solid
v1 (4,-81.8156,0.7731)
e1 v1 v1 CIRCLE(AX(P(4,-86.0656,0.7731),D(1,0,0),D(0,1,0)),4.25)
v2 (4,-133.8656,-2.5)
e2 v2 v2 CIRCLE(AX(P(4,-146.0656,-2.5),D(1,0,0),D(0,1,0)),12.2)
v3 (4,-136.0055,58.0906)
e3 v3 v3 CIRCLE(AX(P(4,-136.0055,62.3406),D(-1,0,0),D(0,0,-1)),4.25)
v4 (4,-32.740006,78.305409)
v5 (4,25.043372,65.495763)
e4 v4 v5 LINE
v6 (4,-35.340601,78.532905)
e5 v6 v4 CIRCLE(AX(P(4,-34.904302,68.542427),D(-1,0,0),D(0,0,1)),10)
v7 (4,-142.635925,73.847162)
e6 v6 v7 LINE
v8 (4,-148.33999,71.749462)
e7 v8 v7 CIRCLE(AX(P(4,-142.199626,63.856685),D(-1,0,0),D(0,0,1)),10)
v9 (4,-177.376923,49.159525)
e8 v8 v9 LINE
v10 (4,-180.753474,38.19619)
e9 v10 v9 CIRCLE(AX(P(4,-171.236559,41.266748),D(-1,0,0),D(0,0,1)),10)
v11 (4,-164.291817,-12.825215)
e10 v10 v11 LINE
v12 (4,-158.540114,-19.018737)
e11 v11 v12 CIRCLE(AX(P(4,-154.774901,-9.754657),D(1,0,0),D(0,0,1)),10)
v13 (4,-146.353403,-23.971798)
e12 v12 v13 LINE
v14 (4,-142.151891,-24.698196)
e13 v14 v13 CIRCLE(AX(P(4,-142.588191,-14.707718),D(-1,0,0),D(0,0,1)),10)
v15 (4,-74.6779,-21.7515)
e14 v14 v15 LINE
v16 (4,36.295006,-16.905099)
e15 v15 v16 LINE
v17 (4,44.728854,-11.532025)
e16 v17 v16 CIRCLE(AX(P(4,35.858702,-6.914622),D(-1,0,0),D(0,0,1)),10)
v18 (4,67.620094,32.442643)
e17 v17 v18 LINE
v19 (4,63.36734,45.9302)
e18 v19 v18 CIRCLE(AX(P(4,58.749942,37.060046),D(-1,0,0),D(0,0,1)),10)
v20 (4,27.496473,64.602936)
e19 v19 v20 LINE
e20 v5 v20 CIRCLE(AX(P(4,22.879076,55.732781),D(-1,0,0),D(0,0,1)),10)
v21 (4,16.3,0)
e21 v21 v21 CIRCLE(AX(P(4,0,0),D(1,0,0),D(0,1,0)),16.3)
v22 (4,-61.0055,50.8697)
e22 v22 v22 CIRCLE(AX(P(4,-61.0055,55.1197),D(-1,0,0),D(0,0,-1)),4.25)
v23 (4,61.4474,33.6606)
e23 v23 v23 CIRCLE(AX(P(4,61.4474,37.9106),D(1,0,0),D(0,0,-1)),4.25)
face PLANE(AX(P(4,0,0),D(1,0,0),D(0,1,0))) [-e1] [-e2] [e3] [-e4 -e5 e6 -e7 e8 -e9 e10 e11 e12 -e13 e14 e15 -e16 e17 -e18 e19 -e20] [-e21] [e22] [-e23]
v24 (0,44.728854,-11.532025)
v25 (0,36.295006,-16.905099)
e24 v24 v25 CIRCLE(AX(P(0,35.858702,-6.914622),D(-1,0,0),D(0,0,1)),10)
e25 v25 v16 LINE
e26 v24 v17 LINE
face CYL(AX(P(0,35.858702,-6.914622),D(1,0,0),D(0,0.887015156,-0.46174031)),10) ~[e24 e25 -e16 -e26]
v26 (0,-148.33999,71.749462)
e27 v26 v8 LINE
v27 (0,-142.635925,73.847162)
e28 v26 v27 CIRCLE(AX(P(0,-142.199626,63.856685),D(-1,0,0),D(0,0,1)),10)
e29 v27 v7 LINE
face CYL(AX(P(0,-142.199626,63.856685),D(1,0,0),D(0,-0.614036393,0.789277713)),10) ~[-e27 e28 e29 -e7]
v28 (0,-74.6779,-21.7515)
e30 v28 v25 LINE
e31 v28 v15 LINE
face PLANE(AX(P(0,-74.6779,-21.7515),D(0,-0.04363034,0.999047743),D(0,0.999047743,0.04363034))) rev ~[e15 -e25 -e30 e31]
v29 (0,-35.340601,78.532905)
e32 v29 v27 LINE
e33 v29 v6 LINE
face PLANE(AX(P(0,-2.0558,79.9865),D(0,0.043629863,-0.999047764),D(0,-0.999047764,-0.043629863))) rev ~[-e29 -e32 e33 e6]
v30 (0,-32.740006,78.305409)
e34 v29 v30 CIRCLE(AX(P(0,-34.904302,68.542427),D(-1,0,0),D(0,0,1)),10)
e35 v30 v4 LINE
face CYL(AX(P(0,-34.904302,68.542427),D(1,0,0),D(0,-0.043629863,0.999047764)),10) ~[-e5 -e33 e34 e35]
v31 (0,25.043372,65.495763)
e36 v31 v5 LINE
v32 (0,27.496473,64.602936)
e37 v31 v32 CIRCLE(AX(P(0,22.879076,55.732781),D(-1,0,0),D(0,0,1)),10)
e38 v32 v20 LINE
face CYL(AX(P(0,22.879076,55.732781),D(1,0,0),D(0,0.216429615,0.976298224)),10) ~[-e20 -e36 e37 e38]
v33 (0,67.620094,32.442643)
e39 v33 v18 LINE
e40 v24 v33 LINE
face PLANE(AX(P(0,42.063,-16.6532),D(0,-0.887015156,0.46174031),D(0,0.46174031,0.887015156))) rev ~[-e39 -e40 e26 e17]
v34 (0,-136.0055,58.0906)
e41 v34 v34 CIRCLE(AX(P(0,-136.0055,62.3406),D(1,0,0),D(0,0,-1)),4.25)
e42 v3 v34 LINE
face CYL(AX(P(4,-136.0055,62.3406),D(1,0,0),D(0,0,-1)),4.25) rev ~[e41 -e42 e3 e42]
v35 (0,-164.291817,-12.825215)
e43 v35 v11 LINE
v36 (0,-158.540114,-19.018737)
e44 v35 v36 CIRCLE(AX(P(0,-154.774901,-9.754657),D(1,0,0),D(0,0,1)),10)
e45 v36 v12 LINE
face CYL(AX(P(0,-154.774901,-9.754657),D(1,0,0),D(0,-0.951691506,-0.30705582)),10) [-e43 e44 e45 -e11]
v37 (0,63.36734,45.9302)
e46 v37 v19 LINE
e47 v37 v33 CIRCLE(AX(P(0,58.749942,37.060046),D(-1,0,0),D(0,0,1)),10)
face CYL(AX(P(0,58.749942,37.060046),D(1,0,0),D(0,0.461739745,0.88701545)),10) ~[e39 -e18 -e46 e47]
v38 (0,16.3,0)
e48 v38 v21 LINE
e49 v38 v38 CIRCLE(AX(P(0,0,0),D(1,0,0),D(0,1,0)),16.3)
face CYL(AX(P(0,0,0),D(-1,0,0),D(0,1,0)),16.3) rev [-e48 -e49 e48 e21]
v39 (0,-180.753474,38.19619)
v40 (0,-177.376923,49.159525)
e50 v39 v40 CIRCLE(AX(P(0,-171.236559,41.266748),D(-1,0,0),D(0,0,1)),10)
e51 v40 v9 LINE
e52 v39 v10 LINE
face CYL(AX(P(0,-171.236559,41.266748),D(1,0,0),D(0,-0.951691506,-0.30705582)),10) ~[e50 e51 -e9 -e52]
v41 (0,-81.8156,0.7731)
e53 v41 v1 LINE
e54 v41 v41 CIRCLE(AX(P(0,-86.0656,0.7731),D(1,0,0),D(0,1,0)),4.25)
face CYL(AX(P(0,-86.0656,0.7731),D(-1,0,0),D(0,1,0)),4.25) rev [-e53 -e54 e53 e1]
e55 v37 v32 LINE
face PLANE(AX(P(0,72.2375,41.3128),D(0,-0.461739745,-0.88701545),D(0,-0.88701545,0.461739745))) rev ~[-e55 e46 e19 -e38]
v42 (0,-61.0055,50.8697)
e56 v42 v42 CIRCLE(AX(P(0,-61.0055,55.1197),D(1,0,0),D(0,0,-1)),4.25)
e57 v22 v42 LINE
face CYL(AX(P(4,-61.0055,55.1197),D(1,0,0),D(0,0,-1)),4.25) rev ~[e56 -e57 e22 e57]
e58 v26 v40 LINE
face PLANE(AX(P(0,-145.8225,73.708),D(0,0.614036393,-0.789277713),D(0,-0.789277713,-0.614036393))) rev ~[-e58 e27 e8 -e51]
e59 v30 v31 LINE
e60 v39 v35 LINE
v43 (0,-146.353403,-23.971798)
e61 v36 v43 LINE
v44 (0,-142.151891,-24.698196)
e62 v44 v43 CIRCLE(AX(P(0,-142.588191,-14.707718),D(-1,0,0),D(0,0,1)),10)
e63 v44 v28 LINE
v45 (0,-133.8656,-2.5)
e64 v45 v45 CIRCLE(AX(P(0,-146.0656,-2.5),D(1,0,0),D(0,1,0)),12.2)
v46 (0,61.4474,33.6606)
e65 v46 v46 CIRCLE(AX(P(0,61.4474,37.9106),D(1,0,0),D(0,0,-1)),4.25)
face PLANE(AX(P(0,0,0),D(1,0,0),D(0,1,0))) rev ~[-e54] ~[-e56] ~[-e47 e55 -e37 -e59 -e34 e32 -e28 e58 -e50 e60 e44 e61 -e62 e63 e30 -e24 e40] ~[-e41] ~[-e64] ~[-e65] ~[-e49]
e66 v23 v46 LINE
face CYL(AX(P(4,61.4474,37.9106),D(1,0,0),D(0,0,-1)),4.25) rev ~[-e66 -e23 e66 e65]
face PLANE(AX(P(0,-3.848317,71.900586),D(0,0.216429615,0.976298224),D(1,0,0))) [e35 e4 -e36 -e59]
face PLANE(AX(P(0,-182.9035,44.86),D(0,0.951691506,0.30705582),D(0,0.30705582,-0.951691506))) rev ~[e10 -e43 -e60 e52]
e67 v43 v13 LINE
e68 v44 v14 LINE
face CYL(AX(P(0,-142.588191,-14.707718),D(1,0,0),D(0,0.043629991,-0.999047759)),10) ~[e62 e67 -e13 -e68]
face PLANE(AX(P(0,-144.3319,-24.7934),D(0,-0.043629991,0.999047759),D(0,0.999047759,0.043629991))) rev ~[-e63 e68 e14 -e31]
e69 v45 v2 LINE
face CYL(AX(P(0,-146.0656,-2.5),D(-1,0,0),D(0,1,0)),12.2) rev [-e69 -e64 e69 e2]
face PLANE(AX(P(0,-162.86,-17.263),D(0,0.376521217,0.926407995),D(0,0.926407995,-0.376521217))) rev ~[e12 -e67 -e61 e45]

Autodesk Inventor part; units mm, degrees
ref_plane "YZ Plane" through (0, 0, 0) normal (1, 0, 0) x (0, 1, 0)
ref_plane "XZ Plane" through (0, 0, 0) normal (0, 1, 0) x (-1, 0, 0)
ref_plane "XY Plane" through (0, 0, 0) normal (0, 0, 1) x (1, 0, 0)
sketch "Sketch1" plane through (0, 0, 0) normal (1, 0, 0) x (0, 1, 0)
  circle A0 centre (0, 0) radius 62.5 construction
  circle A1 centre (-146.0656, -2.5) radius 50 construction
  line L0 (-146.0656, -2.5) -> (0, 0) construction
  line L1 (-172.7208, -52.5) -> (-113.4241, -52.5) construction
  line L2 (-16.0459, -62.5) -> (40.9165, -62.5) construction
  line L3 (-162.86, -17.263) -> (-144.3319, -24.7934)
  line L4 (-144.3319, -24.7934) -> (-74.6779, -21.7515)
  line L5 (42.063, -16.6532) -> (72.2375, 41.3128)
  line L6 (72.2375, 41.3128) -> (-2.0558, 79.9865)
  line L7 (-2.0558, 79.9865) -> (-145.8225, 73.708)
  line L8 (-145.8225, 73.708) -> (-182.9035, 44.86)
  line L9 (-182.9035, 44.86) -> (-162.86, -17.263)
  circle A2 centre (0, 0) radius 16.3
  circle A3 centre (-146.0656, -2.5) radius 12.2
  line L10 (-153.5959, -21.0282) -> (-146.0656, -2.5) construction
  arc A4 (-63.375, -21.2579) -> (-74.6779, -21.7515) centre (-69.3319, -14.5113) ccw construction
  line L11 (-99.9551, -22.8554) -> (-99.3168, -22.8275) construction
  line L12 (-99.3168, -22.8275) -> (-63.375, -21.2579) construction
  line L13 (-63.375, -21.2579) -> (-99.9551, -22.8554) construction
  line L14 (-74.6779, -21.7515) -> (42.063, -16.6532)
  line L15 (0, 0) -> (-212.6616, 0) construction
  circle A5 centre (-86.0656, 0.7731) radius 4.25
  dimension "d0" = 125
  dimension "d1" = 100
  dimension "d2" = 146.087
  dimension "d3" = 10
  dimension "d4" = 20
  dimension "d5" = 32.6
  dimension "d6" = 24.4
  dimension "d7" = 23.099
  dimension "d8" = 20
  dimension "d9" = 130
  dimension "d10" = 110
  dimension "d12" = 155.381
  dimension "d13" = 80
  dimension "d14" = 90
  dimension "d15" = 150
  dimension "Height" = 70
  dimension "d17" = 45
  dimension "d18" = 60
  dimension "d30" = 8.5
  dimension "d31" = 23
  dimension "d32" = 60
extrude "Extrusion1" add sketch "Sketch1" along normal blind 4
fillet "Fillet3" radius 10 6 edges at (2, 72.2375, 41.3128) (2, 42.063, -16.6532) (2, -144.3319, -24.7934) (2, -162.86, -17.263) (2, -182.9035, 44.86) (2, -145.8225, 73.708)
chamfer "Chamfer1" distance 32 angle 45 1 edges at (2, -2.0558, 79.9865)
fillet "Fillet4" radius 10 2 edges at (2, 26.3287, 65.2108) (2, -34.0253, 78.5903)
sketch "Sketch2" plane through (4, 0, 0) normal (1, 0, 0) x (0, 0, -1)
  circle A0 centre (0, 0) radius 16.3
  circle A1 centre (0, 0) radius 16.3 projected
  circle A2 centre (-62.3406, -136.0055) radius 4.25
  line L0 (-71.7494, -148.34) -> (-49.1595, -177.377) projected
  line L1 (-38.1961, -180.7535) -> (12.8252, -164.2919) projected
  circle A3 centre (-37.9106, 61.4474) radius 4.25
  arc A4 (-32.4427, 67.6201) -> (-45.9302, 63.3673) centre (-37.0601, 58.7499) ccw projected
  line L2 (11.532, 44.7289) -> (-32.4427, 67.6201) projected
  line L3 (-45.9302, 63.3673) -> (-64.6029, 27.4965) projected
  circle A5 centre (-55.1197, -61.0055) radius 4.25
  line L4 (-55.1197, -61.0055) -> (-62.3406, -136.0055)
  line L5 (-78.5329, -35.3406) -> (-73.8471, -142.6359) projected
  point P0 (18.0192, 10.7846)
  point P1 (18.8908, -9.1727)
  dimension "d39" = 32.6
  dimension "d42" = 8.5
  dimension "d43" = 15
  dimension "d44" = 50
  dimension "d45" = 8.5
  dimension "d47" = 8
  dimension "d48" = 8
  dimension "d49" = 8.5
  dimension "d50" = 8
  dimension "d51" = 75
extrude "Extrusion2" cut sketch "Sketch2" against normal blind 9.5
properties part number "Module Plate 1" material "Aluminum 6061"
